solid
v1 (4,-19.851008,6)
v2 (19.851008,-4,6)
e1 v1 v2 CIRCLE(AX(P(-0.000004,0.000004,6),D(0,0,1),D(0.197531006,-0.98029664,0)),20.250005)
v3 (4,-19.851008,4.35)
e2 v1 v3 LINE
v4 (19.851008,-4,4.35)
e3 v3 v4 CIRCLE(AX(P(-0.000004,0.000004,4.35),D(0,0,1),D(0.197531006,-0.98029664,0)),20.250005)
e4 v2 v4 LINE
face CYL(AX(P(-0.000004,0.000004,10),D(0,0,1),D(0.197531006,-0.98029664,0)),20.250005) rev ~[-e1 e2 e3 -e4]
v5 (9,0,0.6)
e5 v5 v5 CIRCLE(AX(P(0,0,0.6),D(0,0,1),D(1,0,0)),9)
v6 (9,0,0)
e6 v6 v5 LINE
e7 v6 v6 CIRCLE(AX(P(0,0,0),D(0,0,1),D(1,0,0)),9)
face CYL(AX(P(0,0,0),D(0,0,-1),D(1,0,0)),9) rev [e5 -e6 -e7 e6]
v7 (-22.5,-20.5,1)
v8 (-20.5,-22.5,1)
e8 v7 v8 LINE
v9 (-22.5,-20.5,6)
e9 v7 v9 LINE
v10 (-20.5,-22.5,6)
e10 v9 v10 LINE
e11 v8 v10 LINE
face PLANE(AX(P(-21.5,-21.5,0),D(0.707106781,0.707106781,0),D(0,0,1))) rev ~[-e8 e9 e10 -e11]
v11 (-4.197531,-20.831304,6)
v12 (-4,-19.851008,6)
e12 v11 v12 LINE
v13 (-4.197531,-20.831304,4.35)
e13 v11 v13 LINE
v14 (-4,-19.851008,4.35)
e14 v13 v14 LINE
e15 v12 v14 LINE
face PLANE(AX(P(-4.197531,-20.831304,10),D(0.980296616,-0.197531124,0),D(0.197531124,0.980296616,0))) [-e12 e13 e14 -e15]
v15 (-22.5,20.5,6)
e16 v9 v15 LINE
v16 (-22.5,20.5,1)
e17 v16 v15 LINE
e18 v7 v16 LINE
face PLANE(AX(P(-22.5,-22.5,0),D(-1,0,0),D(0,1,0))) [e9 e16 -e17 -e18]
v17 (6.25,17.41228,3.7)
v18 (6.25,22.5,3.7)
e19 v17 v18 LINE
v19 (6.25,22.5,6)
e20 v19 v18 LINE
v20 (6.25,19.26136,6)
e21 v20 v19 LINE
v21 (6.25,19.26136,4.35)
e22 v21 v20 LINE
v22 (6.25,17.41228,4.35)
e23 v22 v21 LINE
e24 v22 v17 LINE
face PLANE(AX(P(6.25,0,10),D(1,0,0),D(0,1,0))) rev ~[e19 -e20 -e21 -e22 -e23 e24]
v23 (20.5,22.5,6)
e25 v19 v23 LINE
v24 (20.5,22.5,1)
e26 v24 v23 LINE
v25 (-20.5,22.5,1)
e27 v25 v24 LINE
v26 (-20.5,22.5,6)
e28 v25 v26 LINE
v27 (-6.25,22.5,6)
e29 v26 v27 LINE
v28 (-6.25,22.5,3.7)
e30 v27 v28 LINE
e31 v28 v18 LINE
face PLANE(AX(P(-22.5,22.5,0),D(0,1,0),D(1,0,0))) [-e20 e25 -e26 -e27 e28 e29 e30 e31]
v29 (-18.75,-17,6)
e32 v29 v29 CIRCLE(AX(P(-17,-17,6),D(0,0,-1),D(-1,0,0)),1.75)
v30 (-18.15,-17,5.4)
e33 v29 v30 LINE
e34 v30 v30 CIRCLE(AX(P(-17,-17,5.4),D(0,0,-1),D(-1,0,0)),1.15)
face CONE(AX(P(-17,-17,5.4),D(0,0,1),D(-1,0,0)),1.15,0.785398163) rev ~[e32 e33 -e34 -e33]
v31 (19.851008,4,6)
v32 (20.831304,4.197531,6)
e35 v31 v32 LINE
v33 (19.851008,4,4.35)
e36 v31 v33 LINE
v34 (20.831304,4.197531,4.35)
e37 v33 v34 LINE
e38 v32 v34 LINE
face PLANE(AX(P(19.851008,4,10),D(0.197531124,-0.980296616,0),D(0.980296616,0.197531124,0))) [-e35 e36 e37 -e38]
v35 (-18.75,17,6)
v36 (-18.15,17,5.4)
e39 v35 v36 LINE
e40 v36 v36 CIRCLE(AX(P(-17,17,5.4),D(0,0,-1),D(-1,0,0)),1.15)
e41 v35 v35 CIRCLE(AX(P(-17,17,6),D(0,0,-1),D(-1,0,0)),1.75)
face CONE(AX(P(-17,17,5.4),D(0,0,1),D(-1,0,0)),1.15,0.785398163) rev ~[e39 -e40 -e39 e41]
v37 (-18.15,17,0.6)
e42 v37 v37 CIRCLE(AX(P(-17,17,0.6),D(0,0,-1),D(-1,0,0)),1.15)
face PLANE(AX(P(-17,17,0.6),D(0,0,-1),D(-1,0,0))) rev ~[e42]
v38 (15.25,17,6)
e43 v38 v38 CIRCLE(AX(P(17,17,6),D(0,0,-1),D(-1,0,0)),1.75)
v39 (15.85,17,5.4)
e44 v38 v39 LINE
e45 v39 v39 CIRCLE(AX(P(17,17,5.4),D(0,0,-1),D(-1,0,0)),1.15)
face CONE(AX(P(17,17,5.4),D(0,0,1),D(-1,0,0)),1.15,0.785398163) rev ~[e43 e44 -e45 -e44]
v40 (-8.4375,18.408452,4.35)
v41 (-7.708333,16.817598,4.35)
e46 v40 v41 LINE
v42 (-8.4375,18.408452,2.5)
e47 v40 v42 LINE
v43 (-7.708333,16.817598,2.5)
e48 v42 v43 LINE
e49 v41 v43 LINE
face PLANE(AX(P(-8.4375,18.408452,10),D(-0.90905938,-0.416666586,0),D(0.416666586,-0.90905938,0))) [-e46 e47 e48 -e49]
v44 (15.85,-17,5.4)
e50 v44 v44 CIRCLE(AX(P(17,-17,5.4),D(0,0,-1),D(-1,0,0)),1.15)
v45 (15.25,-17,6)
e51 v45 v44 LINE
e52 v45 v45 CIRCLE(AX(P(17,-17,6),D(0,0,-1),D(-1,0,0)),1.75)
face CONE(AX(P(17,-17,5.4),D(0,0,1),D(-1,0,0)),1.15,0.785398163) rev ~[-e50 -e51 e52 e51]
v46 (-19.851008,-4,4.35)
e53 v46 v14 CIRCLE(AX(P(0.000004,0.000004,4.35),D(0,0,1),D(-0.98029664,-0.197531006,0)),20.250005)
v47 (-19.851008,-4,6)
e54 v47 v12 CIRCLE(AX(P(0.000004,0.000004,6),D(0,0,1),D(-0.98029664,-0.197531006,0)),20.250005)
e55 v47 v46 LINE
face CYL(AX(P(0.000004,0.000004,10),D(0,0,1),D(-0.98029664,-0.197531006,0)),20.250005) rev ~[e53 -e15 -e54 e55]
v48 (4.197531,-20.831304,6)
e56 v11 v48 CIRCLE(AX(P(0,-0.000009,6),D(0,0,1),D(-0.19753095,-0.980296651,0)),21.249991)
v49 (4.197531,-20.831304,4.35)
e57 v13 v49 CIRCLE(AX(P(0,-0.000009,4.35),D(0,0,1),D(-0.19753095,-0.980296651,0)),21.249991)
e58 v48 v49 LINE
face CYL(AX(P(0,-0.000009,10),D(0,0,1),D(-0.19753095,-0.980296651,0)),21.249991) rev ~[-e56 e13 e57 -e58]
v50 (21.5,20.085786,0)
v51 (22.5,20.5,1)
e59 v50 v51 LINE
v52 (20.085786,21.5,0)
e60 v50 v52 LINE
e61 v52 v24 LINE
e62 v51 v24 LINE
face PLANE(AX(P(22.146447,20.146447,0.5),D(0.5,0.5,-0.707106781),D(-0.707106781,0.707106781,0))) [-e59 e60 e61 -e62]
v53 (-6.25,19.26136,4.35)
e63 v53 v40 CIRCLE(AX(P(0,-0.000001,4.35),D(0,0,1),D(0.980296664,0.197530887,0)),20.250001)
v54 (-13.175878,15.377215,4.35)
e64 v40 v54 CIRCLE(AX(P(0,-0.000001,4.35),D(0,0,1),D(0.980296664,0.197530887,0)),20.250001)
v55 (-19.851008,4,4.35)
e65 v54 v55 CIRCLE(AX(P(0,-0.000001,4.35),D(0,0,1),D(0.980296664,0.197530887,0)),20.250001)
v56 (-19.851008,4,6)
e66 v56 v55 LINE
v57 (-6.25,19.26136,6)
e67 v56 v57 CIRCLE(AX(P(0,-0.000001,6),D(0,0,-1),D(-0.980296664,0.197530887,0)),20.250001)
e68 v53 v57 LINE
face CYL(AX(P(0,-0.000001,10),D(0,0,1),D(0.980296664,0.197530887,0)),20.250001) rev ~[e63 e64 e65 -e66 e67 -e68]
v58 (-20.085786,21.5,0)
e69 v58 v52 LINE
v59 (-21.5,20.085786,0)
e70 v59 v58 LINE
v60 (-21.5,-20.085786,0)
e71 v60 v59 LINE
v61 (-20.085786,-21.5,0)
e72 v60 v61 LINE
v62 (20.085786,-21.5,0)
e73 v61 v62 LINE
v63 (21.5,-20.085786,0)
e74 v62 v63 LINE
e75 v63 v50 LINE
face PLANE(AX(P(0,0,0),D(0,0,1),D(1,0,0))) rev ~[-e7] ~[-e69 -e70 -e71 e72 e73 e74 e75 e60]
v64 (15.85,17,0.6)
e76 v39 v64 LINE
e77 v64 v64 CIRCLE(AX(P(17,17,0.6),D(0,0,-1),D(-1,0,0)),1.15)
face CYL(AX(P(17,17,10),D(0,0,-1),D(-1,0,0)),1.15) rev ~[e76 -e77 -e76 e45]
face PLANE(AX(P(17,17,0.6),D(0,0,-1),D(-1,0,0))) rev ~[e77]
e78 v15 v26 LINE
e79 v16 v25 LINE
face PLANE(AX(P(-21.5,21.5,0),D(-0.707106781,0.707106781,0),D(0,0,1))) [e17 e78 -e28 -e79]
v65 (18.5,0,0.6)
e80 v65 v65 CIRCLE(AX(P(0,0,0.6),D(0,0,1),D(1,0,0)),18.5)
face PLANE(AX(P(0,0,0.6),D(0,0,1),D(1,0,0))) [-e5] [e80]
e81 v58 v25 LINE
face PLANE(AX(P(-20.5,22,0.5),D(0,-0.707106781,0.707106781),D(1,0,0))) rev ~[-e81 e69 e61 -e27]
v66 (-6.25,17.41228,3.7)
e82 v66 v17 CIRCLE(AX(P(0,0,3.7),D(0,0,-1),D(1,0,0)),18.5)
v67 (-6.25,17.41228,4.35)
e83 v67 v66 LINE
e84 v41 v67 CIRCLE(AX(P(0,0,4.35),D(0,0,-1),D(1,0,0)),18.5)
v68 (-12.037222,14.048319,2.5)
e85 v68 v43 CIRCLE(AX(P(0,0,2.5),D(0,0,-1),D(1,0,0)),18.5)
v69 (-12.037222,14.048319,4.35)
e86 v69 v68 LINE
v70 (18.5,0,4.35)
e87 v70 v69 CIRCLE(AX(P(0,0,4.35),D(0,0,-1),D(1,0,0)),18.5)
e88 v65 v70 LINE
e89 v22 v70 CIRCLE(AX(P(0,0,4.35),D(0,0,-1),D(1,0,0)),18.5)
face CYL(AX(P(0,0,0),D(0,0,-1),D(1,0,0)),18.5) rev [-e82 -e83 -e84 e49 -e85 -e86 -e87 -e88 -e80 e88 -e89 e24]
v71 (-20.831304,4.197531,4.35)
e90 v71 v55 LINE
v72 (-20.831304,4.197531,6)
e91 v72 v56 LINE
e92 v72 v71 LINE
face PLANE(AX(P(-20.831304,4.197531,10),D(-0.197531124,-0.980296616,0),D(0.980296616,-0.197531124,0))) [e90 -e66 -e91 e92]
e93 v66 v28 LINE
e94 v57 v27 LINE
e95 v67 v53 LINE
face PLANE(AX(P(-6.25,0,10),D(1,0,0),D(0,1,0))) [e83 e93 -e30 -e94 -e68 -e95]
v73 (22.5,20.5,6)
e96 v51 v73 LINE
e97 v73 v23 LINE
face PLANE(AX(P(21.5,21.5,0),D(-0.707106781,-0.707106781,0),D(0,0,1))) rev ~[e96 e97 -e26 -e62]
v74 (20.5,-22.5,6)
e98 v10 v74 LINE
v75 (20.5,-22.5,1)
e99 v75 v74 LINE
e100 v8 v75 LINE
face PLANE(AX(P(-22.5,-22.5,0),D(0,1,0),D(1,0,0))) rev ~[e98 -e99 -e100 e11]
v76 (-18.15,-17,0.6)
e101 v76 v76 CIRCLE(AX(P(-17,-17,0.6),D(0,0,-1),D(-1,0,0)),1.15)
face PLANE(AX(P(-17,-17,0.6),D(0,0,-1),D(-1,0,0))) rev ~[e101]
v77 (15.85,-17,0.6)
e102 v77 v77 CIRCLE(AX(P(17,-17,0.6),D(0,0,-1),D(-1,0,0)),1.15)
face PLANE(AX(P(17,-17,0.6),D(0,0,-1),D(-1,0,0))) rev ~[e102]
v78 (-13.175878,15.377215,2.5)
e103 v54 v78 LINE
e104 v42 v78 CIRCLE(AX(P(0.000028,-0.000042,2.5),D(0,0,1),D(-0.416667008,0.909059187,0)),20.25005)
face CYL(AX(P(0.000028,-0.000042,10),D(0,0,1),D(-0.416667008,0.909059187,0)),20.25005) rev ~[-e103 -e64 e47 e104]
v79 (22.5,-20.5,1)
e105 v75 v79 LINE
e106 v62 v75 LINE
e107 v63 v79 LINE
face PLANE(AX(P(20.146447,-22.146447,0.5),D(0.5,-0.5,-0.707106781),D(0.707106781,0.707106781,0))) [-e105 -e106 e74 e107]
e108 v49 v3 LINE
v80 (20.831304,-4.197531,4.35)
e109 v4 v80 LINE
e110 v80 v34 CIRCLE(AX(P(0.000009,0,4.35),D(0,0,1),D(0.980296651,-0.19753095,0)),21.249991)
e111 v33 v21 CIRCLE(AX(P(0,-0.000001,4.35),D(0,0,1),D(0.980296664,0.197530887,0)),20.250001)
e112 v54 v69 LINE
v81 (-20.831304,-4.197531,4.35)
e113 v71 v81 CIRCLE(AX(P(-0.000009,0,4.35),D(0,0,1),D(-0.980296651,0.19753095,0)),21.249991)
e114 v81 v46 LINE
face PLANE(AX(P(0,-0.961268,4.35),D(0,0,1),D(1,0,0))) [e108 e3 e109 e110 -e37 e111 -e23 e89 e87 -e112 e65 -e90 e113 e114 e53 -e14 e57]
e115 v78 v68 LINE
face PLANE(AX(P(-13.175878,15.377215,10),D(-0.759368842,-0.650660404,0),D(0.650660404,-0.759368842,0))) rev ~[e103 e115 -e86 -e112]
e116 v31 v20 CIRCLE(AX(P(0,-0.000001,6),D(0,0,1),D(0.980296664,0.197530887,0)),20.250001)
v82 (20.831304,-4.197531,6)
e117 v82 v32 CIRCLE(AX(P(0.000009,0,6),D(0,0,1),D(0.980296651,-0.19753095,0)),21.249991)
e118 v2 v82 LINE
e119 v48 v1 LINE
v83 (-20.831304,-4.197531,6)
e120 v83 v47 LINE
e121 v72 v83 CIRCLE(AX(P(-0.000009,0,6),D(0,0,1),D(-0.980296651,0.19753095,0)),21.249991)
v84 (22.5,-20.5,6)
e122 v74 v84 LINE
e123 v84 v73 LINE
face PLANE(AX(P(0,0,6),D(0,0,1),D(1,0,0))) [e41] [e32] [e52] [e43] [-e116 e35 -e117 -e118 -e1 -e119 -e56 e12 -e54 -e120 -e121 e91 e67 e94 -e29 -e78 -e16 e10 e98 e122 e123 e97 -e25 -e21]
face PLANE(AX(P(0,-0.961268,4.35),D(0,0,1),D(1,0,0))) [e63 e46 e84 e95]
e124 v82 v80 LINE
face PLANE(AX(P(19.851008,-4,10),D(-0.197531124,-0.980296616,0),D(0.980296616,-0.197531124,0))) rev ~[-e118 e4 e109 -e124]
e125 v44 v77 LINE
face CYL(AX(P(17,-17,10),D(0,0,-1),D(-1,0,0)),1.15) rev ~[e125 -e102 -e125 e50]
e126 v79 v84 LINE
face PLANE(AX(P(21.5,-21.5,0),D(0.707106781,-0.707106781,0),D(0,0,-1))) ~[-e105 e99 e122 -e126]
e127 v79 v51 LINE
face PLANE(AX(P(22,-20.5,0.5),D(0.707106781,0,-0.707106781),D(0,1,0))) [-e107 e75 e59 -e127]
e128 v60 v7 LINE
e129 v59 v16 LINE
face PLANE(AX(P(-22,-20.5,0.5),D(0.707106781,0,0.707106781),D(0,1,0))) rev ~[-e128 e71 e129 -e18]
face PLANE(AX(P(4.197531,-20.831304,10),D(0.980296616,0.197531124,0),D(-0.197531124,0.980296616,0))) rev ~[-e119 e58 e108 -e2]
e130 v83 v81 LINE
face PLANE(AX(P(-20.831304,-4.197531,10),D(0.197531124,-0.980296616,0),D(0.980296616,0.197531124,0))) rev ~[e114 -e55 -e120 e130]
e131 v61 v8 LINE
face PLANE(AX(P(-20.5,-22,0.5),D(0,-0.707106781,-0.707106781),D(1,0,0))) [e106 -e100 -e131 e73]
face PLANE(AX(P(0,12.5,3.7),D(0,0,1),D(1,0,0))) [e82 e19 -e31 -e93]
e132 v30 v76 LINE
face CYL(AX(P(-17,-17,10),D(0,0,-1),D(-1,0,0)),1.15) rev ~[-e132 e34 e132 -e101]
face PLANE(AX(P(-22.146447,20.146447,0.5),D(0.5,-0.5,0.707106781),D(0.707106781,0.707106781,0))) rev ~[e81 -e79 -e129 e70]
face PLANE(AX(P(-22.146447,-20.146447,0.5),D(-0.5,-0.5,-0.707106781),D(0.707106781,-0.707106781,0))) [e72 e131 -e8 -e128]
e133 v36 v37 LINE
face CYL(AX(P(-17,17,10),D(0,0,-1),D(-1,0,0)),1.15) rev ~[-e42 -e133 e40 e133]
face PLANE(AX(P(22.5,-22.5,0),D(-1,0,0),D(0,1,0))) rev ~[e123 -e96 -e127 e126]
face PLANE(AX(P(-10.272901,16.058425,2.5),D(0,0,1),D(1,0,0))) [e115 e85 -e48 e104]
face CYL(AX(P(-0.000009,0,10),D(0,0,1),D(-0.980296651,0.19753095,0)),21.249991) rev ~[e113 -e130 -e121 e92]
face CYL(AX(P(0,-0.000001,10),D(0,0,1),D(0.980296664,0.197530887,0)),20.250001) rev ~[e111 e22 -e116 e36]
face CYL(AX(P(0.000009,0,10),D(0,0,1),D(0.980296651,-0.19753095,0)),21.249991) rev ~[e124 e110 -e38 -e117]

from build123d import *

# Parameters (mm, degrees)
SKETCH_W         = 45
SKETCH_H         = 45
SKETCH_R         = 18.5
PAD_DEPTH        = 6
SKETCH001_R      = 18.5
SKETCH001_R_2    = 9
PAD001_DEPTH     = 0.6
POCKET_DEPTH     = 5.65
HOLE_D           = 2.3
HOLE_DEPTH       = 9.4
HOLE_CSINK_D     = 3.5
HOLE_CSINK_ANGLE = 90
CHAMFER_SIZE     = 2
CHAMFER001_SIZE  = 1
SKETCH004_W      = 12.5
SKETCH004_H      = 25
POCKET002_DEPTH  = 6.3
POCKET006_DEPTH  = 7.5
CHAMFER003_SIZE  = 0.6


with BuildPart() as part:
    # Sketch → Pad (new body)
    with BuildSketch(Plane.XY):
        Rectangle(SKETCH_W, SKETCH_H)
        Circle(SKETCH_R, mode=Mode.SUBTRACT)
    extrude(amount=PAD_DEPTH)

    # Sketch001 → Pad001 (join)
    with BuildSketch(Plane.XY):
        Circle(SKETCH001_R)
        Circle(SKETCH001_R_2, mode=Mode.SUBTRACT)
    extrude(amount=PAD001_DEPTH)

    # Sketch002 → Pocket (cut)
    with BuildSketch(Plane.XY.offset(10)):
        with BuildLine():
            ThreePointArc((19.851008, 4), (0, 20.25), (-19.851008, 4))
            Line((-20.831304, 4.197531), (-19.851008, 4))
            ThreePointArc((-20.831304, 4.197531), (-21.25, 0), (-20.831304, -4.197531))
            Line((-20.831304, -4.197531), (-19.851008, -4))
            ThreePointArc((-19.851008, -4), (-14.318912, -14.318912), (-4, -19.851008))
            Line((-4.197531, -20.831304), (-4, -19.851008))
            ThreePointArc((-4.197531, -20.831304), (0, -21.25), (4.197531, -20.831304))
            Line((4.197531, -20.831304), (4, -19.851008))
            ThreePointArc((4, -19.851008), (14.318912, -14.318912), (19.851008, -4))
            Line((19.851008, -4), (20.831304, -4.197531))
            ThreePointArc((20.831304, -4.197531), (21.25, 0), (20.831304, 4.197531))
            Line((19.851008, 4), (20.831304, 4.197531))
        make_face()
    extrude(amount=-POCKET_DEPTH, mode=Mode.SUBTRACT)

    # Hole
    with Locations(Plane.XY.offset(10)):
        with Locations((-17, 17), (-17, -17), (17, -17), (17, 17)):
            CounterSinkHole(HOLE_D / 2, HOLE_CSINK_D / 2, depth=HOLE_DEPTH, counter_sink_angle=HOLE_CSINK_ANGLE)

    # Chamfer
    chamfer_edges = [part.edges().sort_by_distance(p)[0] for p in [
        (22.5, -22.5, 3),
        (-22.5, -22.5, 3),
        (22.5, 22.5, 3),
        (-22.5, 22.5, 3),
    ]]
    chamfer(chamfer_edges, length=CHAMFER_SIZE)

    # Chamfer001
    chamfer001_edges = [part.edges().sort_by_distance(p)[0] for p in [
        (0, 22.5, 0),
        (-22.5, 0, 0),
        (-21.5, 21.5, 0),
        (22.5, 0, 0),
        (-21.5, -21.5, 0),
        (21.5, 21.5, 0),
        (0, -22.5, 0),
        (21.5, -21.5, 0),
    ]]
    chamfer(chamfer001_edges, length=CHAMFER001_SIZE)

    # Sketch004 → Pocket002 (cut)
    with BuildSketch(Plane.XY.offset(10)):
        with Locations((0, 12.5)):
            Rectangle(SKETCH004_W, SKETCH004_H)
    extrude(amount=-POCKET002_DEPTH, mode=Mode.SUBTRACT)

    # Sketch006 → Pocket006 (cut)
    with BuildSketch(Plane.XY.offset(10)):
        with BuildLine():
            Line((-13.175878, 15.377215), (-11.711892, 13.668635))
            ThreePointArc((-7.5, 16.363068), (-9.699958, 15.16281), (-11.711892, 13.668635))
            Line((-8.4375, 18.408452), (-7.5, 16.363068))
            ThreePointArc((-8.4375, 18.408452), (-10.912453, 17.058161), (-13.175878, 15.377215))
        make_face()
    extrude(amount=-POCKET006_DEPTH, mode=Mode.SUBTRACT)

    # Chamfer003
    chamfer003_edges = [part.edges().sort_by_distance(p)[0] for p in [
        (15.85, -17, 6),
        (-18.15, -17, 6),
        (-18.15, 17, 6),
        (15.85, 17, 6),
    ]]
    chamfer(chamfer003_edges, length=CHAMFER003_SIZE)


solid = part.part
